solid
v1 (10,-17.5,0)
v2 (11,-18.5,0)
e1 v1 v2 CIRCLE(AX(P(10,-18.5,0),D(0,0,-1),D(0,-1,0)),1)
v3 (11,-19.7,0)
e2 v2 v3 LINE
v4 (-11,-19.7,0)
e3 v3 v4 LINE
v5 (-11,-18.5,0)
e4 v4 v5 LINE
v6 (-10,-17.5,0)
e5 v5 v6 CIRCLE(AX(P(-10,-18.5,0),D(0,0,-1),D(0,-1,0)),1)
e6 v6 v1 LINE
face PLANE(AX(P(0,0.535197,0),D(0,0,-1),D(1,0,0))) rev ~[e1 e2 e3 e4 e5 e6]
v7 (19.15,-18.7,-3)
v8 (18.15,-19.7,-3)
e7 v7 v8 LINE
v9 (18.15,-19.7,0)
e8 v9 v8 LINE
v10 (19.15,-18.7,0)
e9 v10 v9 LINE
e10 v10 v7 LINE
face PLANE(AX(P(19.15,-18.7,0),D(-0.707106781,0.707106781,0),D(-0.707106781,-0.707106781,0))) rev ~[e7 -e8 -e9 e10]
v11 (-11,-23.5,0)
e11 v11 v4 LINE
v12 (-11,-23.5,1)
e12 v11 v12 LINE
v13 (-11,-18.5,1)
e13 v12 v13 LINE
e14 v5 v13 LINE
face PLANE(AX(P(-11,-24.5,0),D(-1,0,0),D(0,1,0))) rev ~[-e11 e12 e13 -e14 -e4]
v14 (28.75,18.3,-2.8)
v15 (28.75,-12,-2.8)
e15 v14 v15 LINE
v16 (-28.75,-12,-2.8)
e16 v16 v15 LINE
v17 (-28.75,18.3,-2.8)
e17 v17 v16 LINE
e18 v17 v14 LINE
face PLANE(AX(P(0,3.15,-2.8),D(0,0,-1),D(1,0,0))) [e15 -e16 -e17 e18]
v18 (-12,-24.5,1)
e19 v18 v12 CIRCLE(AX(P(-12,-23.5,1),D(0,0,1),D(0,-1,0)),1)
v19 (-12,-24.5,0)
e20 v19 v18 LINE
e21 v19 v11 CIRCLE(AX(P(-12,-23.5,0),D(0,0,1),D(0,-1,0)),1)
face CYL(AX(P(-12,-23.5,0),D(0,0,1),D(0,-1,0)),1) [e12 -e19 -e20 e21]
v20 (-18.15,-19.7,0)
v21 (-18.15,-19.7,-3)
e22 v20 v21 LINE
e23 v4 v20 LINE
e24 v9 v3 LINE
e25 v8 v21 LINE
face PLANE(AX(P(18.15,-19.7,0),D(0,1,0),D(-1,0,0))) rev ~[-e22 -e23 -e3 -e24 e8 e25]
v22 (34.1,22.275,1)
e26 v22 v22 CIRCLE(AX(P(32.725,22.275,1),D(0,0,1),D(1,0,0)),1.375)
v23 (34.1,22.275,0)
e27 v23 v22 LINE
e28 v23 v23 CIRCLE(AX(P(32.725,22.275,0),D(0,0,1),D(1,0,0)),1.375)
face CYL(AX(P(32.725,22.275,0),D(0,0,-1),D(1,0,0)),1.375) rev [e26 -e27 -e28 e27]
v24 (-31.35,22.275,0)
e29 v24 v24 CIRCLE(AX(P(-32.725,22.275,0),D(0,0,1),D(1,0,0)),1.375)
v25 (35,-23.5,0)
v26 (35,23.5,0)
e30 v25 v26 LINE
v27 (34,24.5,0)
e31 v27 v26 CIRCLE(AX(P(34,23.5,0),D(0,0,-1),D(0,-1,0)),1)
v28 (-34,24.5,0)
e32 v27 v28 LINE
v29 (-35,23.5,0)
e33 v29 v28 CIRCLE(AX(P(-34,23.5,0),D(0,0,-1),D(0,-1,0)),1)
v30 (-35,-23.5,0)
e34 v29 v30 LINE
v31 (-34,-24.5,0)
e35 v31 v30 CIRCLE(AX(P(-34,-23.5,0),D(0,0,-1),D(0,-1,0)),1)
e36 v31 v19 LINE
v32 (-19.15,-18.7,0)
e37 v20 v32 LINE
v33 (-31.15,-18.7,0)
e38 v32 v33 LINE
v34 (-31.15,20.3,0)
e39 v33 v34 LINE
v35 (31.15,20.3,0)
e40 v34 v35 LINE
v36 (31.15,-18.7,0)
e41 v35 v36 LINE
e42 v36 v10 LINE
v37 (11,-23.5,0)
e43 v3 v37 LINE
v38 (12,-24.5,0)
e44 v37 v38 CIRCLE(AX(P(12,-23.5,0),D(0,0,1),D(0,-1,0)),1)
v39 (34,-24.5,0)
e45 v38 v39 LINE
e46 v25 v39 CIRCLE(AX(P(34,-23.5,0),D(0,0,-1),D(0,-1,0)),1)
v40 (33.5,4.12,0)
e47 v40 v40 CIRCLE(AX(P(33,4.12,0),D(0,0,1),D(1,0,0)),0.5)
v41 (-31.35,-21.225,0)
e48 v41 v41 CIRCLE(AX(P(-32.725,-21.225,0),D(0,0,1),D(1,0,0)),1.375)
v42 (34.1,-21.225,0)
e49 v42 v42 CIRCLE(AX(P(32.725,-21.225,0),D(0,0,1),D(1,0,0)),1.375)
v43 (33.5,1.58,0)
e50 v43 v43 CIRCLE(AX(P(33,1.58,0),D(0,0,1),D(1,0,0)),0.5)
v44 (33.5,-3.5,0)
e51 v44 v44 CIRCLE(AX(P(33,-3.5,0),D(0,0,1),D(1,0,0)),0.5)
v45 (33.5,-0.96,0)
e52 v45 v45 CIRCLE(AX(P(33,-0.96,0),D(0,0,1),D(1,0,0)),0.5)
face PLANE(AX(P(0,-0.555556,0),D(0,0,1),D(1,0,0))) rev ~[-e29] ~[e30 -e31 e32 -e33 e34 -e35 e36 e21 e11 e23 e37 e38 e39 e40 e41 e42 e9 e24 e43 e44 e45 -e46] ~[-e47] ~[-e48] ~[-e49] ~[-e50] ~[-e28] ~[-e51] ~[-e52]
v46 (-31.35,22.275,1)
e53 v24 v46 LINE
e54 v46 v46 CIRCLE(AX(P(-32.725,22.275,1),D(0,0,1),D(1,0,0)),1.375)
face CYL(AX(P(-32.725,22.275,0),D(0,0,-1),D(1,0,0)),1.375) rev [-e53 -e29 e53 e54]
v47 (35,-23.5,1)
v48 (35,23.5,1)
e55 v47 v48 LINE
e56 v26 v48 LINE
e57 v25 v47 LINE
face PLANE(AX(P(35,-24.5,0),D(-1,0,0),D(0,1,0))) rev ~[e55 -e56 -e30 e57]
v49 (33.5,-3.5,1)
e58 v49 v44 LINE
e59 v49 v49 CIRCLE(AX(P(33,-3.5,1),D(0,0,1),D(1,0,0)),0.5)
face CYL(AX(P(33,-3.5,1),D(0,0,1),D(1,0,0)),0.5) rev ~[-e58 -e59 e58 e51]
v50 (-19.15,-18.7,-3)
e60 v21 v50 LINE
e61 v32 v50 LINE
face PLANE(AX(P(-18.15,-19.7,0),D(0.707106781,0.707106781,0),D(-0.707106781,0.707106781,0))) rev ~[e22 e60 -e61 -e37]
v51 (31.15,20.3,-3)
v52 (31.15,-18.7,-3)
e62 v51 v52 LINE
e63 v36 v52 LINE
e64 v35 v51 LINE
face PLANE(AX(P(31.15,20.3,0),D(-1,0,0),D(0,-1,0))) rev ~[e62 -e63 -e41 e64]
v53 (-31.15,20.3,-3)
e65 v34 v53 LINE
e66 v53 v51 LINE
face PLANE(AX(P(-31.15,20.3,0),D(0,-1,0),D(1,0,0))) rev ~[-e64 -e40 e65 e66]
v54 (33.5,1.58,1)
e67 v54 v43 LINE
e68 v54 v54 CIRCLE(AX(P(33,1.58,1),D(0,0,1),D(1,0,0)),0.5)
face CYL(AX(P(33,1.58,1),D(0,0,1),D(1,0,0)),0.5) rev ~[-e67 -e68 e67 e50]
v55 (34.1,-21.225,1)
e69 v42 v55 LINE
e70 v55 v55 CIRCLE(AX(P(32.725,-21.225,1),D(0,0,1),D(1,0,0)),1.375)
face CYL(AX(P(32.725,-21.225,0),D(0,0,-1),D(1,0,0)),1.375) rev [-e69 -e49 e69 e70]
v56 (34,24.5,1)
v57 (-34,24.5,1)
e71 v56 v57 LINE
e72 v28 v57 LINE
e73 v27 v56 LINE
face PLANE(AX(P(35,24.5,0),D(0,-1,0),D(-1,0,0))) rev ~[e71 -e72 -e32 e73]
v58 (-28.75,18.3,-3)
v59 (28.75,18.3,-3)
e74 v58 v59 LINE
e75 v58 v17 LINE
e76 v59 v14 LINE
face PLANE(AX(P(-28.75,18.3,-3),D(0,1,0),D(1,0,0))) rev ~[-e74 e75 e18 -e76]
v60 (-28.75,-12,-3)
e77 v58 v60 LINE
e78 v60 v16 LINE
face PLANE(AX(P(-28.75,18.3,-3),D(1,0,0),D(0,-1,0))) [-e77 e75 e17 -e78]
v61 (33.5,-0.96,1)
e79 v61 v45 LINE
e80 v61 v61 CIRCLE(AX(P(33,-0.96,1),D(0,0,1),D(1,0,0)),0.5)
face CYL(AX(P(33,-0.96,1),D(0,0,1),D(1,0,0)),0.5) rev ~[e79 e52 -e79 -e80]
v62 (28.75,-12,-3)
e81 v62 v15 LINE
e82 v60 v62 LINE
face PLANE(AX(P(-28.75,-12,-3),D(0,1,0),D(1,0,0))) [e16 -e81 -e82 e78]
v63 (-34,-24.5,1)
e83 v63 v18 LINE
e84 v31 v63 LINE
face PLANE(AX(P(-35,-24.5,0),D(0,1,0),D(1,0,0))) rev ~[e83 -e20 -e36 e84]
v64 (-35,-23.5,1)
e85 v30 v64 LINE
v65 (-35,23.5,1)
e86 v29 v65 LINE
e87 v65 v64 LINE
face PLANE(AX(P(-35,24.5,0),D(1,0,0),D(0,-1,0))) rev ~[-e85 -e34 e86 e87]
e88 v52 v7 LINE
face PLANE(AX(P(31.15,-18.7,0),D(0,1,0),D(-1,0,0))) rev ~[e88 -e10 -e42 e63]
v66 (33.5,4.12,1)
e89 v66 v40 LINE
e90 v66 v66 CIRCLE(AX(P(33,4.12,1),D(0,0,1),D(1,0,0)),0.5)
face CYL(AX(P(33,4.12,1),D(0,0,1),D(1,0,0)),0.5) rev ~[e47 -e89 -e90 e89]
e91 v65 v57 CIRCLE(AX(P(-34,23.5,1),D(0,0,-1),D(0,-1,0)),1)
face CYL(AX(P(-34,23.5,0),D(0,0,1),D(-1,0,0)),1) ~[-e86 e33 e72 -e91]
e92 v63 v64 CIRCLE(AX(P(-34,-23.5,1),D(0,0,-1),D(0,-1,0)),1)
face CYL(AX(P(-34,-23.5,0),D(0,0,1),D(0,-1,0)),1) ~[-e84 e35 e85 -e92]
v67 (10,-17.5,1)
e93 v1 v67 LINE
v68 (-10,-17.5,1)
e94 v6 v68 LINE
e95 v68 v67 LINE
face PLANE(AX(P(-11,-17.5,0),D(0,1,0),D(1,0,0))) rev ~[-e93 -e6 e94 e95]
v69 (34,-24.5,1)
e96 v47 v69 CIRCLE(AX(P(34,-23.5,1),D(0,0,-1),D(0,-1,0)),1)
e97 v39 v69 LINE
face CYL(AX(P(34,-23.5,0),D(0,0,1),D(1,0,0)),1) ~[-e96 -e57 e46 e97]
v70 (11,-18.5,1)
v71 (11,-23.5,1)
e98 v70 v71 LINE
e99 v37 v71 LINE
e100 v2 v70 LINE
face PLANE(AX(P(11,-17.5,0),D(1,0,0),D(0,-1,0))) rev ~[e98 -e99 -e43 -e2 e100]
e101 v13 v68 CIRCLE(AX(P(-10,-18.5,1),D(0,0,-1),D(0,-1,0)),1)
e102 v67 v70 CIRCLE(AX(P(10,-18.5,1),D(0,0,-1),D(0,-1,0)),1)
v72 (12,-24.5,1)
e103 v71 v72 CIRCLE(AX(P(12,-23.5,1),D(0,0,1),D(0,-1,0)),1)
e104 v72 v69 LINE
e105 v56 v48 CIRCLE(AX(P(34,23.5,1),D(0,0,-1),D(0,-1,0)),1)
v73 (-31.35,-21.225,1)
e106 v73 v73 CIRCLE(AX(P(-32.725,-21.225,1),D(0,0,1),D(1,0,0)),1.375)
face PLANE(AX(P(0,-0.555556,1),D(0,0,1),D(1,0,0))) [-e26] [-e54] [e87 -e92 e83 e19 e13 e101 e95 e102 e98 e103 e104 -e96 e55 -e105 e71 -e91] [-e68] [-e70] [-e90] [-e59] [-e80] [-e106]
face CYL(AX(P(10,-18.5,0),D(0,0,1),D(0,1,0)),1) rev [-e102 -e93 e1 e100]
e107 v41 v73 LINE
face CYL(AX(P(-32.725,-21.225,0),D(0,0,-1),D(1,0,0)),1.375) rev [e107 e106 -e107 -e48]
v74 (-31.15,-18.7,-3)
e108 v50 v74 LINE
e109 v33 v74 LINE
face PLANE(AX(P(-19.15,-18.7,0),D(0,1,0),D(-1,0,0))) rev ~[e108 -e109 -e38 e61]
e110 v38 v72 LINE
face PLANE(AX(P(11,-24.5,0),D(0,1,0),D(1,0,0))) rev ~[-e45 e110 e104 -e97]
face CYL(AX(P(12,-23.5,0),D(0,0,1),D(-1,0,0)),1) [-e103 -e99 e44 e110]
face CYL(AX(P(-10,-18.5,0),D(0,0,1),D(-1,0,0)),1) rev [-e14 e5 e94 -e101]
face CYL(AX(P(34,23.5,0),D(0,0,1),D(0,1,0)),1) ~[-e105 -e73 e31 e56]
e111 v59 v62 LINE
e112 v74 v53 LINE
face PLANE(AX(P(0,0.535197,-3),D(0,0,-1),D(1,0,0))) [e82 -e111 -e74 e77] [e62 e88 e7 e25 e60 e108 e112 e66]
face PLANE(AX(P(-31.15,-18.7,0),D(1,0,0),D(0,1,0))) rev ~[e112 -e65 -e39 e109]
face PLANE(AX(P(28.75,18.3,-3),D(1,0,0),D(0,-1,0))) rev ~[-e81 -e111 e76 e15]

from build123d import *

# Parameters (mm, degrees)
SKETCH010_R     = 1.375
PAD005_DEPTH    = 1
FILLET001_R     = 1
PAD006_DEPTH    = 3
SKETCH012_W     = 57.5
SKETCH012_H     = 30.3
POCKET002_DEPTH = 0.2
SKETCH013_R     = 0.5
POCKET003_DEPTH = 4.001


with BuildPart() as part:
    # Sketch010 (on XY_Plane004 of Origin008) → Pad005 (new body)
    with BuildSketch(Plane.XY):
        Polygon((-35, -24.5), (-11, -24.5), (-11, -17.5), (0, -17.5), (11, -17.5), (11, -24.5), (35, -24.5), (35, 24.5), (-35, 24.5), align=None)
        with Locations((-32.725, 22.275)):
            Circle(SKETCH010_R, mode=Mode.SUBTRACT)
        with Locations((32.725, 22.275)):
            Circle(SKETCH010_R, mode=Mode.SUBTRACT)
        with Locations((-32.725, -21.225)):
            Circle(SKETCH010_R, mode=Mode.SUBTRACT)
        with Locations((32.725, -21.225)):
            Circle(SKETCH010_R, mode=Mode.SUBTRACT)
    extrude(amount=PAD005_DEPTH)

    # Fillet001
    fillet001_edges = [part.edges().sort_by_distance(p)[0] for p in [
        (-35, 24.5, 0.5),
        (35, 24.5, 0.5),
        (35, -24.5, 0.5),
        (-11, -17.5, 0.5),
        (-11, -24.5, 0.5),
        (11, -24.5, 0.5),
        (11, -17.5, 0.5),
        (-35, -24.5, 0.5),
    ]]
    fillet(fillet001_edges, radius=FILLET001_R)

    # Sketch011 (on Face2 of Fillet001) → Pad006 (join)
    with BuildSketch(Plane(origin=(0, 0, 0), x_dir=(1, 0, 0), z_dir=(0, 0, -1))):
        Polygon((-31.15, 18.7), (-31.15, -20.3), (31.15, -20.3), (31.15, 18.7), (19.15, 18.7), (18.15, 19.7), (-18.15, 19.7), (-19.15, 18.7), align=None)
    extrude(amount=PAD006_DEPTH)

    # Sketch012 (on Face32 of Pad006) → Pocket002 (cut)
    with BuildSketch(Plane(origin=(0, 0, -3), x_dir=(1, 0, 0), z_dir=(0, 0, -1))):
        with Locations((0, -3.15)):
            Rectangle(SKETCH012_W, SKETCH012_H)
    extrude(amount=-POCKET002_DEPTH, mode=Mode.SUBTRACT)

    # Sketch013 (on Face5 of Pocket002) → Pocket003 (cut, through all)
    with BuildSketch(Plane.XY.offset(1)):
        with Locations((33, -3.5)):
            Circle(SKETCH013_R)
        with Locations((33, -0.96)):
            Circle(SKETCH013_R)
        with Locations((33, 1.58)):
            Circle(SKETCH013_R)
        with Locations((33, 4.12)):
            Circle(SKETCH013_R)
    extrude(amount=-POCKET003_DEPTH, mode=Mode.SUBTRACT)


solid = part.part
